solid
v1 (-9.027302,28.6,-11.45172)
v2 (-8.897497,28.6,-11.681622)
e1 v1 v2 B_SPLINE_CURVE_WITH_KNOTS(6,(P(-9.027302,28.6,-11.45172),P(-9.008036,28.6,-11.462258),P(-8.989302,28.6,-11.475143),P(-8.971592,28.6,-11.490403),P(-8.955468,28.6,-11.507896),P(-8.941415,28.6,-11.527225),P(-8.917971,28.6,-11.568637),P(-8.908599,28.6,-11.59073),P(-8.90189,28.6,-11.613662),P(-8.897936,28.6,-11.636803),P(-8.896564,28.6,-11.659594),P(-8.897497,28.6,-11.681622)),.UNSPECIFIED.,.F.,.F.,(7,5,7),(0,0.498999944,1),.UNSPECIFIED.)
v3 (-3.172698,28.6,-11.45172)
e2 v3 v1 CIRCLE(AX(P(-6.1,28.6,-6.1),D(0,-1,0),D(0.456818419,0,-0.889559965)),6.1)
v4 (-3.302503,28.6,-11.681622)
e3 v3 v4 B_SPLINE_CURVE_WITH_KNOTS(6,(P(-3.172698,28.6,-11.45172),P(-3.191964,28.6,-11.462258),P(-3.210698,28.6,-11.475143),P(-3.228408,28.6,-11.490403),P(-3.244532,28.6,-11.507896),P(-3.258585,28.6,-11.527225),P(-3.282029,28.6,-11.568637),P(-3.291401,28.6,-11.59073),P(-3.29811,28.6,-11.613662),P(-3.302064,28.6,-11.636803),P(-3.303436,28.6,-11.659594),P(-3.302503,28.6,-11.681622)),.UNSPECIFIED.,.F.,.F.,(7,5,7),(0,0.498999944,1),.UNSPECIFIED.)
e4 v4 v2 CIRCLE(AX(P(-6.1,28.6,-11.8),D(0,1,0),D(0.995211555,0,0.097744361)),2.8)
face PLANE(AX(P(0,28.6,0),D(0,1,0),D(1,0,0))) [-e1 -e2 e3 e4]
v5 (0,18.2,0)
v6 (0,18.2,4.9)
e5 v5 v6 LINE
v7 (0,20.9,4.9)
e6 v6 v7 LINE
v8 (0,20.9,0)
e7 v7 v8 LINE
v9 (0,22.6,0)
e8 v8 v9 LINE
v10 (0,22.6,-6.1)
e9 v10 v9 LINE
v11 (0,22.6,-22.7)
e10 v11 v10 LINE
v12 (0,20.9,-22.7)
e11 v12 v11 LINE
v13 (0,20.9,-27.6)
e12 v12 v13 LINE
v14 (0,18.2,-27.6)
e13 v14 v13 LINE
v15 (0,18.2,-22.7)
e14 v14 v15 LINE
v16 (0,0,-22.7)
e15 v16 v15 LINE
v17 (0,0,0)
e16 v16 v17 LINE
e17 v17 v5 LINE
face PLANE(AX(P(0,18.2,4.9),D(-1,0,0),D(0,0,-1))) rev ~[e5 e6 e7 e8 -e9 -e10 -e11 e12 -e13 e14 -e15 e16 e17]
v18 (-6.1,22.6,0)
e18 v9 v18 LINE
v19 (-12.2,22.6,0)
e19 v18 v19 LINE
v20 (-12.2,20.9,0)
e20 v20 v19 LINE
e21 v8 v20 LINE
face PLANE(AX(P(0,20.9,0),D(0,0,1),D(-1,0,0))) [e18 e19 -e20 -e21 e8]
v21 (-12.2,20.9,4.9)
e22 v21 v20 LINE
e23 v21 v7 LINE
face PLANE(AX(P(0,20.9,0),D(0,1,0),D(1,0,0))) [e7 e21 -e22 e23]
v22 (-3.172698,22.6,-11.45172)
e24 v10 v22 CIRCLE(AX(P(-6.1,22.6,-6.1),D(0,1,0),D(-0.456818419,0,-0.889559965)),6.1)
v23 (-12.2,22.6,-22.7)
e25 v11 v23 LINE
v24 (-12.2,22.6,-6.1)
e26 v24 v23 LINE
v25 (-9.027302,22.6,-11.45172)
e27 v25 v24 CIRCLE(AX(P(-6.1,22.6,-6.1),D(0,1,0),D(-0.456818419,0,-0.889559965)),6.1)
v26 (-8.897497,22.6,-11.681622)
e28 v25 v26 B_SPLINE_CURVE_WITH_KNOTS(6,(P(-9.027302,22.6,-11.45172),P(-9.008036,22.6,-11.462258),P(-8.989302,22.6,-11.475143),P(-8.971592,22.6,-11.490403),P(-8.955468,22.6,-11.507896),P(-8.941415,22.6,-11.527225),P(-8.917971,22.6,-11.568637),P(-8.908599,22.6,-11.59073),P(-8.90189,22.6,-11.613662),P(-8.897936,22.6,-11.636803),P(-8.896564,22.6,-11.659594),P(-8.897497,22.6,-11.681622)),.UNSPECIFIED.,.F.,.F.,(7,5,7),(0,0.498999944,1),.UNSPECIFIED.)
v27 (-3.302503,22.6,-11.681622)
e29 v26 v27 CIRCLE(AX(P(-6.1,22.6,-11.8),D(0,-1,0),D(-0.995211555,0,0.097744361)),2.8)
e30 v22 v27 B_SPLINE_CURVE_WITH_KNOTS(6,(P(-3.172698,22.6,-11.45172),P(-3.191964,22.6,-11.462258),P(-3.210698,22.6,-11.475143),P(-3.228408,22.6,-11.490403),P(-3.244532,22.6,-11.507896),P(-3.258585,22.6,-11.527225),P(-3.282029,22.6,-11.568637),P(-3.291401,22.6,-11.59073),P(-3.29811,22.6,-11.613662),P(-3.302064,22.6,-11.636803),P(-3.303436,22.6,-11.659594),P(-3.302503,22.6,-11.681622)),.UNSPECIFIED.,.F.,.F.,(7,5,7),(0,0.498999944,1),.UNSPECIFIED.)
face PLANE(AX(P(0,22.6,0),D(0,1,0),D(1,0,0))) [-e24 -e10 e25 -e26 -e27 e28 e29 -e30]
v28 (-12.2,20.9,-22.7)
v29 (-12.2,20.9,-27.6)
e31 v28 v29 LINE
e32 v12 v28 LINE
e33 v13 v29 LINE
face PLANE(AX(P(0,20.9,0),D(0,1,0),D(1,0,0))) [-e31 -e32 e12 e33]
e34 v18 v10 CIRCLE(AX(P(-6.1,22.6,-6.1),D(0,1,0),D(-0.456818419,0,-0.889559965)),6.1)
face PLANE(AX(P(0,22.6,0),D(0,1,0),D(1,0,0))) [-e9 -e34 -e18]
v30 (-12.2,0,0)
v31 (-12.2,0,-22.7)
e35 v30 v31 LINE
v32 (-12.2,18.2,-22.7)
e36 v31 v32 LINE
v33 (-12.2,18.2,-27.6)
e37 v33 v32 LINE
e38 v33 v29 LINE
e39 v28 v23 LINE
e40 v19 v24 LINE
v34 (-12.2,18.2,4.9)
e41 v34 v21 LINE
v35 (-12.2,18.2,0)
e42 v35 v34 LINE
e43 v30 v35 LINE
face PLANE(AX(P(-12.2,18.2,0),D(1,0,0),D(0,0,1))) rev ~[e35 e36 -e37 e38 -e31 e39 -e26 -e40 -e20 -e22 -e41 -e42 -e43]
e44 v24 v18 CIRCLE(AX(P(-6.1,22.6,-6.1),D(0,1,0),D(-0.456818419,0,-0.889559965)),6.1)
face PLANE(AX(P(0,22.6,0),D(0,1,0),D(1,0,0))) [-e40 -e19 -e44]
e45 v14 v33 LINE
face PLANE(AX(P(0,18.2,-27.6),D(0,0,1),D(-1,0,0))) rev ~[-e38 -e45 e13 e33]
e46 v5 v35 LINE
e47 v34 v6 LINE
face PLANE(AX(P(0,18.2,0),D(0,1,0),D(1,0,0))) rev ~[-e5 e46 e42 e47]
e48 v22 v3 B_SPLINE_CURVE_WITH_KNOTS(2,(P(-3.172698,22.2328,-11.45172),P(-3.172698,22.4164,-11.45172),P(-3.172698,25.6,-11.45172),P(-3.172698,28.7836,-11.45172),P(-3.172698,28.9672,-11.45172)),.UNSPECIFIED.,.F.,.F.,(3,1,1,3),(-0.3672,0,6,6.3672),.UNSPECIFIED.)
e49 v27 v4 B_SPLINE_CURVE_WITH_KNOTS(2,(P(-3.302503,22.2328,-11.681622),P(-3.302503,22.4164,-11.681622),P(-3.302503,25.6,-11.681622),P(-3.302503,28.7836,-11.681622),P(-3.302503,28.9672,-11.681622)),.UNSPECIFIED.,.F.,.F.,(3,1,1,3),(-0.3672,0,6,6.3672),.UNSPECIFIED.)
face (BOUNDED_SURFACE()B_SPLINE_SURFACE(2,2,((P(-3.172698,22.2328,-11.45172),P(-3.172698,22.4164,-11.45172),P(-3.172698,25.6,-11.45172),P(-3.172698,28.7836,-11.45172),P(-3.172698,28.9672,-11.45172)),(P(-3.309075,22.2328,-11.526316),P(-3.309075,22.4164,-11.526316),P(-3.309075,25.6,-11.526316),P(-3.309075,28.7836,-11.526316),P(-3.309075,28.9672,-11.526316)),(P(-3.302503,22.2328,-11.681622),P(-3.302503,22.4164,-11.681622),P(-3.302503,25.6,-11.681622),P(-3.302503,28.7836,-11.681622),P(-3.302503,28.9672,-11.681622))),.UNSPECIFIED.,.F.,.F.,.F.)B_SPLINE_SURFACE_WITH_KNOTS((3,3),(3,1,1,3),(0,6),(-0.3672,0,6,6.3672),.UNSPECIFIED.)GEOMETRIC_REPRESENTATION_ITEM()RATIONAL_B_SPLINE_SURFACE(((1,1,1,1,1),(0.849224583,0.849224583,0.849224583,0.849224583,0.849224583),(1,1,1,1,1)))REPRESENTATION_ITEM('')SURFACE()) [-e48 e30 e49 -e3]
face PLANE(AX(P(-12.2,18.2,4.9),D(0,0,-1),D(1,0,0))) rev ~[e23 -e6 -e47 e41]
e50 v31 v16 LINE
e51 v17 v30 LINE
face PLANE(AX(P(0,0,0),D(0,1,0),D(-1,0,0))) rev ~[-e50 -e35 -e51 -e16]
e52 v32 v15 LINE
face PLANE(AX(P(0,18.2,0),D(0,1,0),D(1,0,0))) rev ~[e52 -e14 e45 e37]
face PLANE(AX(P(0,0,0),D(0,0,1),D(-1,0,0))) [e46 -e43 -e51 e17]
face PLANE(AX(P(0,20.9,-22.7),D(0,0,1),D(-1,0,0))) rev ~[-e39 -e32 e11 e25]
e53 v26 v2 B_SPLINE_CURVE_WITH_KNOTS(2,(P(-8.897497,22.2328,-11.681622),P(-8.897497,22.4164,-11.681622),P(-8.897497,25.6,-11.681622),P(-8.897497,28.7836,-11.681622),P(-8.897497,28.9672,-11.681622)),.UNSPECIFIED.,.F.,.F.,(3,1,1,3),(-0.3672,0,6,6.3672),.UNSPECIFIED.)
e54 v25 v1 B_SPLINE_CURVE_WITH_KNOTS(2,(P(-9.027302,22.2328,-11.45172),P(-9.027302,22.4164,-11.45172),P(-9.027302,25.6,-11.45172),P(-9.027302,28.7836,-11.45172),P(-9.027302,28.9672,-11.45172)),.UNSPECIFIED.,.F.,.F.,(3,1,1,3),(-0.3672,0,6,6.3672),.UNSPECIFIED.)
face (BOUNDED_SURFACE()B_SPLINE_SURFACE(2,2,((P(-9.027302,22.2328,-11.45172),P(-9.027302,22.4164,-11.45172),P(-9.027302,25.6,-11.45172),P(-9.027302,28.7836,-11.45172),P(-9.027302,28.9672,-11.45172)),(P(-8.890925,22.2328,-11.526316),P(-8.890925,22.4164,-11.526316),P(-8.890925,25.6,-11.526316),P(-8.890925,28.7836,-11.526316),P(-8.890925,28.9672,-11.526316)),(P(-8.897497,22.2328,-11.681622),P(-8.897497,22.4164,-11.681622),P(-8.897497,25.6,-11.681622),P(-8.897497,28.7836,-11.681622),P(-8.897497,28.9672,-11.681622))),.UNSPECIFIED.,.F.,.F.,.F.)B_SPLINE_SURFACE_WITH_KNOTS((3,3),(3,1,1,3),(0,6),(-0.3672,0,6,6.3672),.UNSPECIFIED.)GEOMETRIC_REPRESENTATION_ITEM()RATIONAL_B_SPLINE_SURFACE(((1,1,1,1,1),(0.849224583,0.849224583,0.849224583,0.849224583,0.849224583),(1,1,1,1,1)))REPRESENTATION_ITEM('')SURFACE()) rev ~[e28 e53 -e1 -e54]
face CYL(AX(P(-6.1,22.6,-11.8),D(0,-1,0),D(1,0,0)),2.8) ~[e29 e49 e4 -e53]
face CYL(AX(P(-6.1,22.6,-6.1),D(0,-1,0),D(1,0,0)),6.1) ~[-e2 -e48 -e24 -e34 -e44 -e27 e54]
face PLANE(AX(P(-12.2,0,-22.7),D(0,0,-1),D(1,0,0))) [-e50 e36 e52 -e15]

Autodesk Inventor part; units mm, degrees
ref_plane "YZ Plane" through (0, 0, 0) normal (1, 0, 0) x (0, 1, 0)
ref_plane "XZ Plane" through (0, 0, 0) normal (0, 1, 0) x (-1, 0, 0)
ref_plane "XY Plane" through (0, 0, 0) normal (0, 0, 1) x (1, 0, 0)
sketch "Sketch1" plane through (0, 0, 0) normal (0, 1, 0) x (-1, 0, 0)
  line L0 (0, 0) -> (12.2, 0)
  line L1 (12.2, 0) -> (12.2, -22.7)
  line L2 (12.2, -22.7) -> (0, -22.7)
  line L3 (0, -22.7) -> (0, 0)
  dimension "d0" = 12.2
  dimension "d1" = 22.7
extrude "Extrusion1" add sketch "Sketch1" along normal blind 18.2
sketch "Sketch2" plane through (0, 18.2, 0) normal (0, 1, 0) x (1, 0, 0)
  line L0 (-12.2, -4.9) -> (0, -4.9)
  line L1 (0, -4.9) -> (0, 27.6)
  line L2 (0, 27.6) -> (-12.2, 27.6)
  line L3 (-12.2, 27.6) -> (-12.2, -4.9)
  line L4 (-12.2, -4.9) -> (0, 27.6) construction
  line L5 (0, -4.9) -> (-12.2, 27.6) construction
  line L6 (-12.2, 0) -> (0, 0) projected
  line L7 (-12.2, 22.7) -> (-12.2, 0) projected
  point P0 (-6.1, 11.35)
  dimension "d4" = 32.5
  dimension "d5" = 12.2
  dimension "d6" = 11.35
  dimension "d7" = 6.1
extrude "Extrusion2" add sketch "Sketch2" along normal blind 2.7
sketch "Sketch3" plane through (0, 20.9, 0) normal (0, 1, 0) x (1, 0, 0)
  line L0 (0, 22.7) -> (-12.2, 22.7) projected
  line L1 (0, 0) -> (-12.2, 0)
  line L2 (-12.2, 0) -> (-12.2, 22.7)
  line L3 (-12.2, 22.7) -> (0, 22.7)
  line L4 (0, 22.7) -> (0, 0)
extrude "Extrusion3" add sketch "Sketch3" along normal blind 1.7
sketch "Sketch5" plane through (0, 22.6, 0) normal (0, 1, 0) x (1, 0, 0)
  circle A0 centre (-6.1, 6.1) radius 6.1
  line L0 (-12.2, 22.7) -> (-12.2, 0) projected
  line L1 (0, 0) -> (0, 22.7) projected
  line L2 (-12.2, 0) -> (0, 0) projected
  circle A1 centre (-6.1, 11.8) radius 2.8
  point P0 (-8.8866, 11.5263)
  point P1 (-3.3134, 11.5263)
  dimension "d12" = 6.1
  dimension "d13" = 5.6
  dimension "d14" = 14.6
extrude "Extrusion4" add sketch "Sketch5" along normal blind 6 contours A0 A1 | A1 A0 | A0 A1
fillet "Fillet1" radius 0.25 2 edges at (-8.8866, 25.6, -11.5263) (-3.3134, 25.6, -11.5263)
properties part number "Servo"
